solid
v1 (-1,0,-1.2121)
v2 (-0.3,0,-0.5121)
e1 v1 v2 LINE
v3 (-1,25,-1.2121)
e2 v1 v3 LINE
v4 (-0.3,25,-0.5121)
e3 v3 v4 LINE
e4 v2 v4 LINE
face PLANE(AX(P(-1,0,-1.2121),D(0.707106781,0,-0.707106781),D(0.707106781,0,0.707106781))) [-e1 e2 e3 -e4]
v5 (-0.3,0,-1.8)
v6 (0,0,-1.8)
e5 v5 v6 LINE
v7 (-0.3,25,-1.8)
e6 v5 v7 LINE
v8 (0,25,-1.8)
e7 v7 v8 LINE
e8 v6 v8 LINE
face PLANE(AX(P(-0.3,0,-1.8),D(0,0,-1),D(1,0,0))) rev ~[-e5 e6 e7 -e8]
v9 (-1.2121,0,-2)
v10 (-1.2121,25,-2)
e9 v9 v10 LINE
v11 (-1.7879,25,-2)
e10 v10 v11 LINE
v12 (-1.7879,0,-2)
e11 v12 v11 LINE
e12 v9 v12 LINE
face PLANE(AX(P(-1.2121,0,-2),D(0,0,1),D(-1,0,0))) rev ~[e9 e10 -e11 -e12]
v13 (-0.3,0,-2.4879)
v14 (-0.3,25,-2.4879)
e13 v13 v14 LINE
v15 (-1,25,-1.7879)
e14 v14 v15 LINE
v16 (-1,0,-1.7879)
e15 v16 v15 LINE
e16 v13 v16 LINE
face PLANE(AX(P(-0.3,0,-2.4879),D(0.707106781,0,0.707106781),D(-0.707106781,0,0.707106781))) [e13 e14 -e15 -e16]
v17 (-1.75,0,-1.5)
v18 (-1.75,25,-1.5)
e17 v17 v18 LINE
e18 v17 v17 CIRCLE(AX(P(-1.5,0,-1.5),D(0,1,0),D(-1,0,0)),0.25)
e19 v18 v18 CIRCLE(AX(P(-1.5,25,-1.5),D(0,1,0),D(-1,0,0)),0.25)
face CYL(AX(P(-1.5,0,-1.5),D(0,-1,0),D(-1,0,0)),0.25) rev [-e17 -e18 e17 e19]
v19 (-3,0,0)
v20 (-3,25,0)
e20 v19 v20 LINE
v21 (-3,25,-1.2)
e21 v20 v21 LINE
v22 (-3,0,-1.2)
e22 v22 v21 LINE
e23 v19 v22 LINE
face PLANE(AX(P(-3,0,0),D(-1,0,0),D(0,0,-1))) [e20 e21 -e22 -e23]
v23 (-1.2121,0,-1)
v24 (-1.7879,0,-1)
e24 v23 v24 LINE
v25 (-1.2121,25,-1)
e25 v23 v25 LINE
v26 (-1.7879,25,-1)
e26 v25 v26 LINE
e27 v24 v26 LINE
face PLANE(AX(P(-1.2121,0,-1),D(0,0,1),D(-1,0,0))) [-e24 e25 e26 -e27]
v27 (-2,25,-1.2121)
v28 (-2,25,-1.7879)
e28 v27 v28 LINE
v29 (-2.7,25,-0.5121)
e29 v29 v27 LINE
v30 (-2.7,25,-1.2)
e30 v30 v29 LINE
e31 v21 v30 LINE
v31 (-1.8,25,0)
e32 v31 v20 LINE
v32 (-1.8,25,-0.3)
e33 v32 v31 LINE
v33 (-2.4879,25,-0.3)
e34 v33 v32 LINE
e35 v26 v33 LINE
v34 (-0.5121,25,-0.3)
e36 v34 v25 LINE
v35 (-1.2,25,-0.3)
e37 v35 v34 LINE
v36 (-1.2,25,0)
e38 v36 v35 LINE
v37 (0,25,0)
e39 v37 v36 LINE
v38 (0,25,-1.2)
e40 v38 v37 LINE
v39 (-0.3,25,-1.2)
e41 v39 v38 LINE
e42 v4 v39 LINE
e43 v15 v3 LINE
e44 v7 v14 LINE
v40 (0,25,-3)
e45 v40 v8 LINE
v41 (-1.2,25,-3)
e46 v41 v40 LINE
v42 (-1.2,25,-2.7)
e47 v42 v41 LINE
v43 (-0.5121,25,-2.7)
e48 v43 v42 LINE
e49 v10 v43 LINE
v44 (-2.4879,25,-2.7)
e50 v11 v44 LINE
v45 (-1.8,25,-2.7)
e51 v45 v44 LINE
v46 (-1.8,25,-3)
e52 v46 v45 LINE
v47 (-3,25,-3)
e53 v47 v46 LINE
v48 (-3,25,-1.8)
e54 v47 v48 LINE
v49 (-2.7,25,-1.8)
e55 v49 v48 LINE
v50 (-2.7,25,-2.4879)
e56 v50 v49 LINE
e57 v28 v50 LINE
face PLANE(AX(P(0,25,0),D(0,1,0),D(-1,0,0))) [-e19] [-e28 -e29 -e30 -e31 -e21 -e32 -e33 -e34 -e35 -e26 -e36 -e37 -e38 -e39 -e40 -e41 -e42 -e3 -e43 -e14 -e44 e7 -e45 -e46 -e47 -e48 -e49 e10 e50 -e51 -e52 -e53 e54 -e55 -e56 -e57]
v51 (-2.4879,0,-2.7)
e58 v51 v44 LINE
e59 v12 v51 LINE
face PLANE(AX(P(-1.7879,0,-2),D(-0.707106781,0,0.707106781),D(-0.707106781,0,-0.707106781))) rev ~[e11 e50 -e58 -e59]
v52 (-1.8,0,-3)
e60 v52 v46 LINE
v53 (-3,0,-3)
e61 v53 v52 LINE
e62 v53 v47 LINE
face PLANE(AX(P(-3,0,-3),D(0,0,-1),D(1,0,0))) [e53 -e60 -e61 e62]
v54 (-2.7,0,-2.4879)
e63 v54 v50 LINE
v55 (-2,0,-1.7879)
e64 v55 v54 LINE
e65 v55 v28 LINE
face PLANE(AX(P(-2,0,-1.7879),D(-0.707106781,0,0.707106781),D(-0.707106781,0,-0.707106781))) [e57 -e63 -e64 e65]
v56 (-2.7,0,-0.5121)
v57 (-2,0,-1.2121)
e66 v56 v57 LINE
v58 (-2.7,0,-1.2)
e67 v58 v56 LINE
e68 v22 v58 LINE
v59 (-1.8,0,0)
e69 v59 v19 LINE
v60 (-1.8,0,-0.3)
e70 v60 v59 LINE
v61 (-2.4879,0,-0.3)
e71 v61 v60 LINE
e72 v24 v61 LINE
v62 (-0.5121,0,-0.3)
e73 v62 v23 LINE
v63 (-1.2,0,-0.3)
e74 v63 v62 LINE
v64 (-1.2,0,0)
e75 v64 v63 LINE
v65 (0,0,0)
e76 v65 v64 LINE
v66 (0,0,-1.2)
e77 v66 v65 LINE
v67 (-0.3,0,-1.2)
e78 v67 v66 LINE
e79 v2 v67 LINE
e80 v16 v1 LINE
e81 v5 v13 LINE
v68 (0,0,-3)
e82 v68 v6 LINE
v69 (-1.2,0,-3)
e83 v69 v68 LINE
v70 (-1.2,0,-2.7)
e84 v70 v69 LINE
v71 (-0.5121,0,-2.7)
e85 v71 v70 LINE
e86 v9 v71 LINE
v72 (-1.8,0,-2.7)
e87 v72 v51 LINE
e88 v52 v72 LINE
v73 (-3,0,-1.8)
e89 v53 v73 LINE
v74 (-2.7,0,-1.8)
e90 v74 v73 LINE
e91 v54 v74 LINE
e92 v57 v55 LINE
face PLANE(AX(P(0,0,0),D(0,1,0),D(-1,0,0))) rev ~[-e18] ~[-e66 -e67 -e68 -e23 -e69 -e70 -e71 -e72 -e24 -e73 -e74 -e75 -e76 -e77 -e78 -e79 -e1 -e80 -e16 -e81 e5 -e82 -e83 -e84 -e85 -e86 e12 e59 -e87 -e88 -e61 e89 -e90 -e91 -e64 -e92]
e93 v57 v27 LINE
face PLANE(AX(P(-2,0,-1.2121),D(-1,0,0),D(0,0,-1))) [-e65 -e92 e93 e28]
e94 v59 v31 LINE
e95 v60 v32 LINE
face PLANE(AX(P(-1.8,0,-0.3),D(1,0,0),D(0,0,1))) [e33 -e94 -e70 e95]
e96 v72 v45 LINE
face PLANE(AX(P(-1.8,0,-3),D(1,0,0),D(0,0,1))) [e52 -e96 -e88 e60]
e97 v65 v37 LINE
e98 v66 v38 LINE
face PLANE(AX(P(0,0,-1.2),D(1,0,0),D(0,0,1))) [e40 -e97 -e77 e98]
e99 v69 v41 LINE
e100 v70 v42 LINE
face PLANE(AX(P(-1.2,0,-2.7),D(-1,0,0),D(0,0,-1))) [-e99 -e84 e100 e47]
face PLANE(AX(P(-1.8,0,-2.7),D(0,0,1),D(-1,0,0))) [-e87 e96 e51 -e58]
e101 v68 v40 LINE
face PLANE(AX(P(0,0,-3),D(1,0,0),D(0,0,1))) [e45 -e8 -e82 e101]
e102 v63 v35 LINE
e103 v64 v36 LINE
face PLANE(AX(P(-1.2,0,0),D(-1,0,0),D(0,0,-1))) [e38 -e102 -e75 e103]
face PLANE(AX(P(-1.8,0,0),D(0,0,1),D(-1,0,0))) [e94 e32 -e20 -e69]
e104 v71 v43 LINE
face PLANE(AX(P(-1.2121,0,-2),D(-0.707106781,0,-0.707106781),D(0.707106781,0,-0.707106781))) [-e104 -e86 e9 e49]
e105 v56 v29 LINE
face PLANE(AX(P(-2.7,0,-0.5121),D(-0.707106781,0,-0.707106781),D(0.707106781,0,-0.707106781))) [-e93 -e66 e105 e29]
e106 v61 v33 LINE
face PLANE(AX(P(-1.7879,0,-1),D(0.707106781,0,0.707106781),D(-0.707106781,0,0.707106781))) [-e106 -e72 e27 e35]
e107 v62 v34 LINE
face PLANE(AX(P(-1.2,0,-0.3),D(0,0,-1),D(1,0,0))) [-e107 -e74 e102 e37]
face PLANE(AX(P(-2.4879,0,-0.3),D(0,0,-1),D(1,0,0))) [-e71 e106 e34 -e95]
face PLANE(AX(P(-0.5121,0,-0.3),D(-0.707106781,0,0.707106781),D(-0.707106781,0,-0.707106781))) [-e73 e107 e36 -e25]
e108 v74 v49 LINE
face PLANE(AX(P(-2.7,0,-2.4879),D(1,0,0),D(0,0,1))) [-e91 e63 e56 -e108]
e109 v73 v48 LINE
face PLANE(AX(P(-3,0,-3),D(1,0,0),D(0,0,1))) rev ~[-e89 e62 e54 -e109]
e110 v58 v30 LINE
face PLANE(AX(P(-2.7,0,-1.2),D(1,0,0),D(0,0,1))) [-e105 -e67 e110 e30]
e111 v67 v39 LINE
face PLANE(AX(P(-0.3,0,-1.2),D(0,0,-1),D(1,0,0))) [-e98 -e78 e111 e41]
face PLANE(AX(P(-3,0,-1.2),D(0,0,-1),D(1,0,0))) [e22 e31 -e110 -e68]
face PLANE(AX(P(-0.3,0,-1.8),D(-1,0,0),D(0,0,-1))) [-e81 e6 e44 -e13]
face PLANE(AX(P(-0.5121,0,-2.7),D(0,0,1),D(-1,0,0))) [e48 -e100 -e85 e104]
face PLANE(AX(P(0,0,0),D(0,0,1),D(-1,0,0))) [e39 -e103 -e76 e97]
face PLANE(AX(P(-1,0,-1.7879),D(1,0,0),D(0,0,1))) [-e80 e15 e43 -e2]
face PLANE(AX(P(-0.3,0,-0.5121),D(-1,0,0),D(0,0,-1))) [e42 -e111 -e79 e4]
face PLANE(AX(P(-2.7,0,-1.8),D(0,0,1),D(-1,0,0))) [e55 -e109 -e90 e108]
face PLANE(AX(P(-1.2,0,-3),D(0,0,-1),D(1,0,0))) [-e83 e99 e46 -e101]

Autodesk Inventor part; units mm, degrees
ref_plane "YZ Plane" through (0, 0, 0) normal (1, 0, 0) x (0, 1, 0)
ref_plane "XZ Plane" through (0, 0, 0) normal (0, 1, 0) x (-1, 0, 0)
ref_plane "XY Plane" through (0, 0, 0) normal (0, 0, 1) x (1, 0, 0)
sketch "Skizze1" plane through (0, 0, 0) normal (0, 1, 0) x (-1, 0, 0)
  line L0 (0, 0) -> (3, 0) construction
  line L1 (3, 0) -> (3, -3) construction
  line L2 (3, -3) -> (0, -3) construction
  line L3 (0, -3) -> (0, 0) construction
  line L4 (3, -1.5) -> (0, -1.5) construction
  line L5 (1.5, -3) -> (1.5, 0) construction
  circle A0 centre (1.5, -1.5) radius 0.25
  line L6 (2, -1) -> (1, -1) construction
  line L7 (1, -1) -> (1, -2) construction
  line L8 (1, -2) -> (2, -2) construction
  line L9 (2, -2) -> (2, -1) construction
  line L10 (1.5, -1) -> (1.5, -2) construction
  line L11 (2, -1.5) -> (1, -1.5) construction
  line L12 (3, -1.2) -> (0, -1.2) construction
  line L13 (1.2, 0) -> (1.2, -3) construction
  line L14 (0, -1.8) -> (3, -1.8) construction
  line L15 (1.8, 0) -> (1.8, -3) construction
  line L16 (2.7, -2.7) -> (2.7, -0.3) construction
  line L17 (2.7, -0.3) -> (0.3, -0.3) construction
  line L18 (0.3, -0.3) -> (0.3, -2.7) construction
  line L19 (0.3, -2.7) -> (2.7, -2.7) construction
  line L20 (2.7, -0.3) -> (0.3, -2.7) construction
  line L21 (2.7, -2.7) -> (0.3, -0.3) construction
  line L22 (2.7, -0.5121) -> (0.5121, -2.7) construction
  line L23 (0.3, -2.4879) -> (2.4879, -0.3) construction
  line L24 (0.5121, -0.3) -> (2.7, -2.4879) construction
  line L25 (2.4879, -2.7) -> (0.3, -0.5121) construction
  line L26 (3, 0) -> (3, -1.2)
  line L27 (3, -1.2) -> (2.7, -1.2)
  line L28 (2.7, -1.2) -> (2.7, -0.5121)
  line L29 (2.7, -0.5121) -> (2, -1.2121)
  line L30 (2, -1.2121) -> (2, -1.7879)
  line L31 (2, -1.7879) -> (2.7, -2.4879)
  line L32 (2.7, -2.4879) -> (2.7, -1.8)
  line L33 (2.7, -1.8) -> (3, -1.8)
  line L34 (3, -3) -> (3, -1.8)
  line L35 (3, -3) -> (1.8, -3)
  line L36 (1.8, -3) -> (1.8, -2.7)
  line L37 (1.8, -2.7) -> (2.4879, -2.7)
  line L38 (1.7879, -2) -> (2.4879, -2.7)
  line L39 (1.2121, -2) -> (1.7879, -2)
  line L40 (1.2121, -2) -> (0.5121, -2.7)
  line L41 (0.5121, -2.7) -> (1.2, -2.7)
  line L42 (1.2, -2.7) -> (1.2, -3)
  line L43 (1.2, -3) -> (0, -3)
  line L44 (0, -3) -> (0, -1.8)
  line L45 (0.3, -1.8) -> (0, -1.8)
  line L46 (0.3, -1.8) -> (0.3, -2.4879)
  line L47 (0.3, -2.4879) -> (1, -1.7879)
  line L48 (1, -1.7879) -> (1, -1.2121)
  line L49 (1, -1.2121) -> (0.3, -0.5121)
  line L50 (0.3, -0.5121) -> (0.3, -1.2)
  line L51 (0.3, -1.2) -> (0, -1.2)
  line L52 (0, -1.2) -> (0, 0)
  line L53 (0, 0) -> (1.2, 0)
  line L54 (1.2, 0) -> (1.2, -0.3)
  line L55 (1.2, -0.3) -> (0.5121, -0.3)
  line L56 (0.5121, -0.3) -> (1.2121, -1)
  line L57 (1.2121, -1) -> (1.7879, -1)
  line L58 (1.7879, -1) -> (2.4879, -0.3)
  line L59 (2.4879, -0.3) -> (1.8, -0.3)
  line L60 (1.8, -0.3) -> (1.8, 0)
  line L61 (1.8, 0) -> (3, 0)
  dimension "d0" = 3
  dimension "d1" = 3
  dimension "d2" = 0.5
  dimension "d3" = 1
  dimension "d4" = 1
  dimension "d5" = 1.2
  dimension "d6" = 1.2
  dimension "d7" = 1.2
  dimension "d8" = 1.2
  dimension "d9" = 0.3
  dimension "d10" = 0.15
  dimension "d11" = 0.15
  dimension "d12" = 0.15
  dimension "d13" = 0.15
extrude "Extrusion1" add sketch "Skizze1" along normal blind 25
properties part number "item_30x30_25cm"
